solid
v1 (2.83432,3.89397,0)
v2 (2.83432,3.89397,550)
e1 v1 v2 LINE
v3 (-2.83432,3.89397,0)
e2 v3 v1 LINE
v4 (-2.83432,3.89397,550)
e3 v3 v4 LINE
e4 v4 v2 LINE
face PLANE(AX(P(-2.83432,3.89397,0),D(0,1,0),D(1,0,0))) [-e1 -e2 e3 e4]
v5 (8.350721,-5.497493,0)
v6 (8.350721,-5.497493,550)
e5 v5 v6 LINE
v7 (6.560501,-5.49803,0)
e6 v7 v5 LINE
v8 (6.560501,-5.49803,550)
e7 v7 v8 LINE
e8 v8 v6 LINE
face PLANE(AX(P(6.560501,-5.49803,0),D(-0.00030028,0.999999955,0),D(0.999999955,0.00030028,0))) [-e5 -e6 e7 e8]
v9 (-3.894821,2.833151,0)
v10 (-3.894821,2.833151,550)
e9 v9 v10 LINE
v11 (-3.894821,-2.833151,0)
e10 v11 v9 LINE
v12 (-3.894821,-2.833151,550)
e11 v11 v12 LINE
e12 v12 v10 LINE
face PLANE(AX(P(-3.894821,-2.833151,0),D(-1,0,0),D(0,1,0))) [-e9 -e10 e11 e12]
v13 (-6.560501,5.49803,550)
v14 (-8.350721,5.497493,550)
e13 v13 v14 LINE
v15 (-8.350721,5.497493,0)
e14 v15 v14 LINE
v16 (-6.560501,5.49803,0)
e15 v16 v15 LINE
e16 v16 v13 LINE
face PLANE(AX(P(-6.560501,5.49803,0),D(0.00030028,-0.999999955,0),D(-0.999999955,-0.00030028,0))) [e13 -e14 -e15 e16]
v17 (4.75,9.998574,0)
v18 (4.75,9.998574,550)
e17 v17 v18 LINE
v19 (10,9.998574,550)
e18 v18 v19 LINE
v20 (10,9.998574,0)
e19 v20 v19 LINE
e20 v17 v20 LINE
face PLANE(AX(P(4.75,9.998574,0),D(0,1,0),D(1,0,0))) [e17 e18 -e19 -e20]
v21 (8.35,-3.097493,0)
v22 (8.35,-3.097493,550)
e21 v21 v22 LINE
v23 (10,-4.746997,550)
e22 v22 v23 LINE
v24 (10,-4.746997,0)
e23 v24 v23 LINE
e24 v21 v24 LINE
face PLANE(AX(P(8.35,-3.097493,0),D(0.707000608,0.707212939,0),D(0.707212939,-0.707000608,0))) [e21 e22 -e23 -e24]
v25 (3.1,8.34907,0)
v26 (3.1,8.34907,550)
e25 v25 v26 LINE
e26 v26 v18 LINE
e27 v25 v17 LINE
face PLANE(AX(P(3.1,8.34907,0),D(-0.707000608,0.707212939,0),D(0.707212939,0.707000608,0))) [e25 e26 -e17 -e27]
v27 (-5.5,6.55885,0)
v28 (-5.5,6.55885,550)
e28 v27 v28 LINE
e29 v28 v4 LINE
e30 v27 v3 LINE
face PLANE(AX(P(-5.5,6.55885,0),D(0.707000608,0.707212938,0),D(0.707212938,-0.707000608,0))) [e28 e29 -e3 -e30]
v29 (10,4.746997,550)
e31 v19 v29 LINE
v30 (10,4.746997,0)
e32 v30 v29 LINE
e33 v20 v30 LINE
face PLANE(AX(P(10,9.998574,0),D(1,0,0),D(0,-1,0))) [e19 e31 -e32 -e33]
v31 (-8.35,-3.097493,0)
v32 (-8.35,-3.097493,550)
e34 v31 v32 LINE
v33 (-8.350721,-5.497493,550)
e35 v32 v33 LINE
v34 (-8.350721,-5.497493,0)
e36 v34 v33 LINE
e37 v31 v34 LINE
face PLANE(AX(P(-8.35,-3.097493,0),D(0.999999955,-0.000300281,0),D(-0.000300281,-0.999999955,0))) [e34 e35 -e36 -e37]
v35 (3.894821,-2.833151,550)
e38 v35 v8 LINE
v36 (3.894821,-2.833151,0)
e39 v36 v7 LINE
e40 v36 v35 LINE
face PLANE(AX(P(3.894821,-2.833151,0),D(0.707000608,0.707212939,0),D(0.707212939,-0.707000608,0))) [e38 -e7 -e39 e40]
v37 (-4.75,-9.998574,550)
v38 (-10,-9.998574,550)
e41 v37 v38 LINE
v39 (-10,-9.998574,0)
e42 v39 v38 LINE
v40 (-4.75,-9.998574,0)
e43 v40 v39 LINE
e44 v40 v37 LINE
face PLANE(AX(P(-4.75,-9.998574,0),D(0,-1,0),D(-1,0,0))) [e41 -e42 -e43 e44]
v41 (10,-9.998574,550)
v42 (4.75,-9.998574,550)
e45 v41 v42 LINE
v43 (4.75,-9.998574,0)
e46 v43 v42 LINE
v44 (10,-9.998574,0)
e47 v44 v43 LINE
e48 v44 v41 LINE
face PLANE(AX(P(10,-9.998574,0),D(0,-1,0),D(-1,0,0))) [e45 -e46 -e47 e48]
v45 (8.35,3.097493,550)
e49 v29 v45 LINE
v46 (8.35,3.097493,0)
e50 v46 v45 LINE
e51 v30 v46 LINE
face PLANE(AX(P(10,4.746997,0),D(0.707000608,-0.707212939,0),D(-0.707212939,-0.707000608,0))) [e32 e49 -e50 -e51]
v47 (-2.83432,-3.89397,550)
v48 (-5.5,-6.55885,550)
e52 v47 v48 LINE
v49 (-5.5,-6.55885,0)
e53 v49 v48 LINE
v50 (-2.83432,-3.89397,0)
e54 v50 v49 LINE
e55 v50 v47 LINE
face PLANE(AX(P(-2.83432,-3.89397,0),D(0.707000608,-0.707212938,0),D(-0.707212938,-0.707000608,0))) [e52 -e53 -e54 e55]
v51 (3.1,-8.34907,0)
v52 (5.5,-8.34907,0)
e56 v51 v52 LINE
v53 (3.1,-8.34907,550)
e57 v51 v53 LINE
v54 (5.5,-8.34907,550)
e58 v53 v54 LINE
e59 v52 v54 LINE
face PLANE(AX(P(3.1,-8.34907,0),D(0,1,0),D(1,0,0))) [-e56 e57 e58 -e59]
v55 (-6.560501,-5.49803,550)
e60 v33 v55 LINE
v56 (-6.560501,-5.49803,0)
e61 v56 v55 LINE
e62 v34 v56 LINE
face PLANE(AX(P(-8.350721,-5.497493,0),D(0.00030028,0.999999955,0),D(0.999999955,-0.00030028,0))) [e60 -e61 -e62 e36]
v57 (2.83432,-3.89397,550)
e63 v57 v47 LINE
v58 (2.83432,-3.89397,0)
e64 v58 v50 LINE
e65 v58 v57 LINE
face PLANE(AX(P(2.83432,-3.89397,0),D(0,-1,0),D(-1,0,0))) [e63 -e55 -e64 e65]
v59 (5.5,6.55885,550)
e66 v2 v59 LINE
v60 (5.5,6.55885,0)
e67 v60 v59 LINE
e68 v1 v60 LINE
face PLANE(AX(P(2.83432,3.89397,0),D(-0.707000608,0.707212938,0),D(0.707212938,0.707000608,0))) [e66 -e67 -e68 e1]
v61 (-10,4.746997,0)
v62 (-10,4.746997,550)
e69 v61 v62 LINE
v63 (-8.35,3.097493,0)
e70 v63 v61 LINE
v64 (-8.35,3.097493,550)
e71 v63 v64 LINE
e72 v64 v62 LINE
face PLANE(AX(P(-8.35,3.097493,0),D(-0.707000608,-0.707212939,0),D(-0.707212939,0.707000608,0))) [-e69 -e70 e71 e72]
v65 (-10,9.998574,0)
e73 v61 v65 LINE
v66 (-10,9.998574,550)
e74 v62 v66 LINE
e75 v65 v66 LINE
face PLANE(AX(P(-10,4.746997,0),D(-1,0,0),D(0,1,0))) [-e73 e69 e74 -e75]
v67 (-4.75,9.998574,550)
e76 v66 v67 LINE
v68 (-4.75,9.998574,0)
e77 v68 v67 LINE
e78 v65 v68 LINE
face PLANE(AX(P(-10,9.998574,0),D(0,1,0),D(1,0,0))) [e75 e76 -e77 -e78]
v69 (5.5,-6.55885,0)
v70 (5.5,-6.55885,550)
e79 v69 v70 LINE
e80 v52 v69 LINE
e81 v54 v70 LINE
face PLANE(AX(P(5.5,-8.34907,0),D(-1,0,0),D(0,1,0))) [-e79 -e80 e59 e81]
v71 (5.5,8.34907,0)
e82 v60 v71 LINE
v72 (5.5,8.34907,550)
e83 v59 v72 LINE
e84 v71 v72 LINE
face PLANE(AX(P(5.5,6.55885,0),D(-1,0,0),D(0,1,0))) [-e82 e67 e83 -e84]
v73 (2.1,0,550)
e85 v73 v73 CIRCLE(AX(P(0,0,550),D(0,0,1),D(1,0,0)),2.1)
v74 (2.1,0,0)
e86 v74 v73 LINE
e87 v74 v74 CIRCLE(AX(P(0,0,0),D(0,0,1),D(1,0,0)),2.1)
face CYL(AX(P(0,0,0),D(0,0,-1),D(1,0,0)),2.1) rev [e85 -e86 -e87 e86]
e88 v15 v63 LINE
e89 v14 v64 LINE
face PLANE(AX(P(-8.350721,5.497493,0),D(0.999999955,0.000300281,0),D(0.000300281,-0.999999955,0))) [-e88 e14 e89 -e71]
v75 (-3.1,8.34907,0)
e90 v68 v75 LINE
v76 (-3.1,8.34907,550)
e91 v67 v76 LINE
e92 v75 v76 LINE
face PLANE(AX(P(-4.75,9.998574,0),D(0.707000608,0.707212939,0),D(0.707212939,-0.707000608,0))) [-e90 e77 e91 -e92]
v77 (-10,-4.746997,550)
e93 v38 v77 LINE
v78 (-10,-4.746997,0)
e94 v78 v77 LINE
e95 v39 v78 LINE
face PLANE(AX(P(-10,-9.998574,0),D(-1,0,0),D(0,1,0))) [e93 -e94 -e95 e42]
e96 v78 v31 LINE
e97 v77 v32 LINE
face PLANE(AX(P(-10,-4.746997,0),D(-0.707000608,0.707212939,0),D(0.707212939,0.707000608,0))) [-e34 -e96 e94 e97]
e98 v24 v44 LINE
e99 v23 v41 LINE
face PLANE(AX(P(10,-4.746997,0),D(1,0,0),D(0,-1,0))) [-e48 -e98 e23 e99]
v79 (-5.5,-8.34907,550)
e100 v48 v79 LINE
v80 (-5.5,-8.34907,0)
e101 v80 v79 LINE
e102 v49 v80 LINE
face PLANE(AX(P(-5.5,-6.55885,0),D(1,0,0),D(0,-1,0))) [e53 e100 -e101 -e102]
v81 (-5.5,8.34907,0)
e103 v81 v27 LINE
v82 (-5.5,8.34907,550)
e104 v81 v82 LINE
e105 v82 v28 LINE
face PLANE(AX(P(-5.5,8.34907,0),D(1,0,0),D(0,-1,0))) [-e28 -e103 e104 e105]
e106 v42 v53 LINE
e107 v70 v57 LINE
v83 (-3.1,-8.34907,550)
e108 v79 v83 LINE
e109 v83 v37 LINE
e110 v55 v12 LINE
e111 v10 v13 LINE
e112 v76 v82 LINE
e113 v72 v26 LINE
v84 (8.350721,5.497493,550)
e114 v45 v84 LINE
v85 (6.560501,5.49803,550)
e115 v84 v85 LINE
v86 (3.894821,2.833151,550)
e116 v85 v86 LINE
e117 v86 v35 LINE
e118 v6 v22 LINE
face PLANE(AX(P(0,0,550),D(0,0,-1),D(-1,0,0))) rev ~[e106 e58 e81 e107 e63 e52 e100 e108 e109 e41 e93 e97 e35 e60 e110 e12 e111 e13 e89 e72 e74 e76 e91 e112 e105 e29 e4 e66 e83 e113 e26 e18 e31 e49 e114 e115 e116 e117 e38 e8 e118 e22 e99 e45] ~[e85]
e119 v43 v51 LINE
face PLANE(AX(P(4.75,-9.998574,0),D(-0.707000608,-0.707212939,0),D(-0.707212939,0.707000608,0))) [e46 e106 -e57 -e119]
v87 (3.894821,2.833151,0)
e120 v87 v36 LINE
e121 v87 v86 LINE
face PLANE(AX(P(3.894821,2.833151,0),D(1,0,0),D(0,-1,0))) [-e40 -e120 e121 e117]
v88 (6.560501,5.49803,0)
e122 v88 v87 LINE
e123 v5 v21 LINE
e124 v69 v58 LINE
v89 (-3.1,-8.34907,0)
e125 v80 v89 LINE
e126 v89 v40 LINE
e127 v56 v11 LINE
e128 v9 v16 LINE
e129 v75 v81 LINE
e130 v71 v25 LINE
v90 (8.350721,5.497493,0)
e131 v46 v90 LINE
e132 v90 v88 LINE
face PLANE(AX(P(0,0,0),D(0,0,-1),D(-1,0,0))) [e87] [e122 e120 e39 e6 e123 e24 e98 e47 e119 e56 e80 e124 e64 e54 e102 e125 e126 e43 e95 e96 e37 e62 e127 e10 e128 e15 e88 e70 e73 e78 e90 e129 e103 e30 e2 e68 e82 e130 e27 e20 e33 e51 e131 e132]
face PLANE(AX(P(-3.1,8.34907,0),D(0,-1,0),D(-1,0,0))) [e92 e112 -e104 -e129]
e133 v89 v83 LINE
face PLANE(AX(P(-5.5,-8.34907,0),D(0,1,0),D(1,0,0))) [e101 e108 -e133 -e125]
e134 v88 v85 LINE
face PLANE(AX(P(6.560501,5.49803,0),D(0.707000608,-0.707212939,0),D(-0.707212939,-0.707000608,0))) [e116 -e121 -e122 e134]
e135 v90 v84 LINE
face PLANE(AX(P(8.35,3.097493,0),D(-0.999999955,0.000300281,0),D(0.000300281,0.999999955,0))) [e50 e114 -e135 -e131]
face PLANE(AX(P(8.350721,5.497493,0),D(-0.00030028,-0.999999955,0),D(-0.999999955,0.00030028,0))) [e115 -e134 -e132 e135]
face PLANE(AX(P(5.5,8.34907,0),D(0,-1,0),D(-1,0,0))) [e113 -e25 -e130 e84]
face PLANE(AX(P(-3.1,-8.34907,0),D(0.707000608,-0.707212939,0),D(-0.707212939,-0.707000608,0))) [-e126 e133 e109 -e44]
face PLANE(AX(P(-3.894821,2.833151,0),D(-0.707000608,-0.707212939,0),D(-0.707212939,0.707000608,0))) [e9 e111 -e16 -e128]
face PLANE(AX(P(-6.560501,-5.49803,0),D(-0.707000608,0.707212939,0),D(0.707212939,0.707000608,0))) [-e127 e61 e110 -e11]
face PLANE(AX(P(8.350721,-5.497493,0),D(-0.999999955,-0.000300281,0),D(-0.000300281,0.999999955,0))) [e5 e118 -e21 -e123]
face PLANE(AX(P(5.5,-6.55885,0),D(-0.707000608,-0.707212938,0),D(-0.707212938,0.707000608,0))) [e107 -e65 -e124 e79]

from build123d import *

# Parameters (mm, degrees)
SKETCH1_R           = 2.1
BOSS_EXTRUDE1_DEPTH = 550


with BuildPart() as part:
    # Sketch1 → Boss-Extrude1 (new body)
    with BuildSketch(Plane.XY):
        Polygon((2.834320347, 3.893970342), (5.5, 6.558849663), (5.5, 8.349069506), (3.1, 8.349069506), (4.75, 9.998574117), (10, 9.998574117), (10, 4.746997406), (8.35, 3.097492795), (8.350720674, 5.497492687), (6.560500912, 5.498030255), (3.894821259, 2.833150935), (3.894821259, -2.833150935), (6.560500912, -5.498030255), (8.350720674, -5.497492687), (8.35, -3.097492795), (10, -4.746997406), (10, -9.998574117), (4.75, -9.998574117), (3.1, -8.349069506), (5.5, -8.349069506), (5.5, -6.558849663), (2.834320347, -3.893970342), (-2.834320347, -3.893970342), (-5.5, -6.558849663), (-5.5, -8.349069506), (-3.1, -8.349069506), (-4.75, -9.998574117), (-10, -9.998574117), (-10, -4.746997406), (-8.35, -3.097492795), (-8.350720674, -5.497492687), (-6.560500912, -5.498030255), (-3.894821259, -2.833150935), (-3.894821259, 2.833150935), (-6.560500912, 5.498030255), (-8.350720674, 5.497492687), (-8.35, 3.097492795), (-10, 4.746997406), (-10, 9.998574117), (-4.75, 9.998574117), (-3.1, 8.349069506), (-5.5, 8.349069506), (-5.5, 6.558849663), (-2.834320347, 3.893970342), align=None)
        Circle(SKETCH1_R, mode=Mode.SUBTRACT)
    extrude(amount=BOSS_EXTRUDE1_DEPTH)


solid = part.part
